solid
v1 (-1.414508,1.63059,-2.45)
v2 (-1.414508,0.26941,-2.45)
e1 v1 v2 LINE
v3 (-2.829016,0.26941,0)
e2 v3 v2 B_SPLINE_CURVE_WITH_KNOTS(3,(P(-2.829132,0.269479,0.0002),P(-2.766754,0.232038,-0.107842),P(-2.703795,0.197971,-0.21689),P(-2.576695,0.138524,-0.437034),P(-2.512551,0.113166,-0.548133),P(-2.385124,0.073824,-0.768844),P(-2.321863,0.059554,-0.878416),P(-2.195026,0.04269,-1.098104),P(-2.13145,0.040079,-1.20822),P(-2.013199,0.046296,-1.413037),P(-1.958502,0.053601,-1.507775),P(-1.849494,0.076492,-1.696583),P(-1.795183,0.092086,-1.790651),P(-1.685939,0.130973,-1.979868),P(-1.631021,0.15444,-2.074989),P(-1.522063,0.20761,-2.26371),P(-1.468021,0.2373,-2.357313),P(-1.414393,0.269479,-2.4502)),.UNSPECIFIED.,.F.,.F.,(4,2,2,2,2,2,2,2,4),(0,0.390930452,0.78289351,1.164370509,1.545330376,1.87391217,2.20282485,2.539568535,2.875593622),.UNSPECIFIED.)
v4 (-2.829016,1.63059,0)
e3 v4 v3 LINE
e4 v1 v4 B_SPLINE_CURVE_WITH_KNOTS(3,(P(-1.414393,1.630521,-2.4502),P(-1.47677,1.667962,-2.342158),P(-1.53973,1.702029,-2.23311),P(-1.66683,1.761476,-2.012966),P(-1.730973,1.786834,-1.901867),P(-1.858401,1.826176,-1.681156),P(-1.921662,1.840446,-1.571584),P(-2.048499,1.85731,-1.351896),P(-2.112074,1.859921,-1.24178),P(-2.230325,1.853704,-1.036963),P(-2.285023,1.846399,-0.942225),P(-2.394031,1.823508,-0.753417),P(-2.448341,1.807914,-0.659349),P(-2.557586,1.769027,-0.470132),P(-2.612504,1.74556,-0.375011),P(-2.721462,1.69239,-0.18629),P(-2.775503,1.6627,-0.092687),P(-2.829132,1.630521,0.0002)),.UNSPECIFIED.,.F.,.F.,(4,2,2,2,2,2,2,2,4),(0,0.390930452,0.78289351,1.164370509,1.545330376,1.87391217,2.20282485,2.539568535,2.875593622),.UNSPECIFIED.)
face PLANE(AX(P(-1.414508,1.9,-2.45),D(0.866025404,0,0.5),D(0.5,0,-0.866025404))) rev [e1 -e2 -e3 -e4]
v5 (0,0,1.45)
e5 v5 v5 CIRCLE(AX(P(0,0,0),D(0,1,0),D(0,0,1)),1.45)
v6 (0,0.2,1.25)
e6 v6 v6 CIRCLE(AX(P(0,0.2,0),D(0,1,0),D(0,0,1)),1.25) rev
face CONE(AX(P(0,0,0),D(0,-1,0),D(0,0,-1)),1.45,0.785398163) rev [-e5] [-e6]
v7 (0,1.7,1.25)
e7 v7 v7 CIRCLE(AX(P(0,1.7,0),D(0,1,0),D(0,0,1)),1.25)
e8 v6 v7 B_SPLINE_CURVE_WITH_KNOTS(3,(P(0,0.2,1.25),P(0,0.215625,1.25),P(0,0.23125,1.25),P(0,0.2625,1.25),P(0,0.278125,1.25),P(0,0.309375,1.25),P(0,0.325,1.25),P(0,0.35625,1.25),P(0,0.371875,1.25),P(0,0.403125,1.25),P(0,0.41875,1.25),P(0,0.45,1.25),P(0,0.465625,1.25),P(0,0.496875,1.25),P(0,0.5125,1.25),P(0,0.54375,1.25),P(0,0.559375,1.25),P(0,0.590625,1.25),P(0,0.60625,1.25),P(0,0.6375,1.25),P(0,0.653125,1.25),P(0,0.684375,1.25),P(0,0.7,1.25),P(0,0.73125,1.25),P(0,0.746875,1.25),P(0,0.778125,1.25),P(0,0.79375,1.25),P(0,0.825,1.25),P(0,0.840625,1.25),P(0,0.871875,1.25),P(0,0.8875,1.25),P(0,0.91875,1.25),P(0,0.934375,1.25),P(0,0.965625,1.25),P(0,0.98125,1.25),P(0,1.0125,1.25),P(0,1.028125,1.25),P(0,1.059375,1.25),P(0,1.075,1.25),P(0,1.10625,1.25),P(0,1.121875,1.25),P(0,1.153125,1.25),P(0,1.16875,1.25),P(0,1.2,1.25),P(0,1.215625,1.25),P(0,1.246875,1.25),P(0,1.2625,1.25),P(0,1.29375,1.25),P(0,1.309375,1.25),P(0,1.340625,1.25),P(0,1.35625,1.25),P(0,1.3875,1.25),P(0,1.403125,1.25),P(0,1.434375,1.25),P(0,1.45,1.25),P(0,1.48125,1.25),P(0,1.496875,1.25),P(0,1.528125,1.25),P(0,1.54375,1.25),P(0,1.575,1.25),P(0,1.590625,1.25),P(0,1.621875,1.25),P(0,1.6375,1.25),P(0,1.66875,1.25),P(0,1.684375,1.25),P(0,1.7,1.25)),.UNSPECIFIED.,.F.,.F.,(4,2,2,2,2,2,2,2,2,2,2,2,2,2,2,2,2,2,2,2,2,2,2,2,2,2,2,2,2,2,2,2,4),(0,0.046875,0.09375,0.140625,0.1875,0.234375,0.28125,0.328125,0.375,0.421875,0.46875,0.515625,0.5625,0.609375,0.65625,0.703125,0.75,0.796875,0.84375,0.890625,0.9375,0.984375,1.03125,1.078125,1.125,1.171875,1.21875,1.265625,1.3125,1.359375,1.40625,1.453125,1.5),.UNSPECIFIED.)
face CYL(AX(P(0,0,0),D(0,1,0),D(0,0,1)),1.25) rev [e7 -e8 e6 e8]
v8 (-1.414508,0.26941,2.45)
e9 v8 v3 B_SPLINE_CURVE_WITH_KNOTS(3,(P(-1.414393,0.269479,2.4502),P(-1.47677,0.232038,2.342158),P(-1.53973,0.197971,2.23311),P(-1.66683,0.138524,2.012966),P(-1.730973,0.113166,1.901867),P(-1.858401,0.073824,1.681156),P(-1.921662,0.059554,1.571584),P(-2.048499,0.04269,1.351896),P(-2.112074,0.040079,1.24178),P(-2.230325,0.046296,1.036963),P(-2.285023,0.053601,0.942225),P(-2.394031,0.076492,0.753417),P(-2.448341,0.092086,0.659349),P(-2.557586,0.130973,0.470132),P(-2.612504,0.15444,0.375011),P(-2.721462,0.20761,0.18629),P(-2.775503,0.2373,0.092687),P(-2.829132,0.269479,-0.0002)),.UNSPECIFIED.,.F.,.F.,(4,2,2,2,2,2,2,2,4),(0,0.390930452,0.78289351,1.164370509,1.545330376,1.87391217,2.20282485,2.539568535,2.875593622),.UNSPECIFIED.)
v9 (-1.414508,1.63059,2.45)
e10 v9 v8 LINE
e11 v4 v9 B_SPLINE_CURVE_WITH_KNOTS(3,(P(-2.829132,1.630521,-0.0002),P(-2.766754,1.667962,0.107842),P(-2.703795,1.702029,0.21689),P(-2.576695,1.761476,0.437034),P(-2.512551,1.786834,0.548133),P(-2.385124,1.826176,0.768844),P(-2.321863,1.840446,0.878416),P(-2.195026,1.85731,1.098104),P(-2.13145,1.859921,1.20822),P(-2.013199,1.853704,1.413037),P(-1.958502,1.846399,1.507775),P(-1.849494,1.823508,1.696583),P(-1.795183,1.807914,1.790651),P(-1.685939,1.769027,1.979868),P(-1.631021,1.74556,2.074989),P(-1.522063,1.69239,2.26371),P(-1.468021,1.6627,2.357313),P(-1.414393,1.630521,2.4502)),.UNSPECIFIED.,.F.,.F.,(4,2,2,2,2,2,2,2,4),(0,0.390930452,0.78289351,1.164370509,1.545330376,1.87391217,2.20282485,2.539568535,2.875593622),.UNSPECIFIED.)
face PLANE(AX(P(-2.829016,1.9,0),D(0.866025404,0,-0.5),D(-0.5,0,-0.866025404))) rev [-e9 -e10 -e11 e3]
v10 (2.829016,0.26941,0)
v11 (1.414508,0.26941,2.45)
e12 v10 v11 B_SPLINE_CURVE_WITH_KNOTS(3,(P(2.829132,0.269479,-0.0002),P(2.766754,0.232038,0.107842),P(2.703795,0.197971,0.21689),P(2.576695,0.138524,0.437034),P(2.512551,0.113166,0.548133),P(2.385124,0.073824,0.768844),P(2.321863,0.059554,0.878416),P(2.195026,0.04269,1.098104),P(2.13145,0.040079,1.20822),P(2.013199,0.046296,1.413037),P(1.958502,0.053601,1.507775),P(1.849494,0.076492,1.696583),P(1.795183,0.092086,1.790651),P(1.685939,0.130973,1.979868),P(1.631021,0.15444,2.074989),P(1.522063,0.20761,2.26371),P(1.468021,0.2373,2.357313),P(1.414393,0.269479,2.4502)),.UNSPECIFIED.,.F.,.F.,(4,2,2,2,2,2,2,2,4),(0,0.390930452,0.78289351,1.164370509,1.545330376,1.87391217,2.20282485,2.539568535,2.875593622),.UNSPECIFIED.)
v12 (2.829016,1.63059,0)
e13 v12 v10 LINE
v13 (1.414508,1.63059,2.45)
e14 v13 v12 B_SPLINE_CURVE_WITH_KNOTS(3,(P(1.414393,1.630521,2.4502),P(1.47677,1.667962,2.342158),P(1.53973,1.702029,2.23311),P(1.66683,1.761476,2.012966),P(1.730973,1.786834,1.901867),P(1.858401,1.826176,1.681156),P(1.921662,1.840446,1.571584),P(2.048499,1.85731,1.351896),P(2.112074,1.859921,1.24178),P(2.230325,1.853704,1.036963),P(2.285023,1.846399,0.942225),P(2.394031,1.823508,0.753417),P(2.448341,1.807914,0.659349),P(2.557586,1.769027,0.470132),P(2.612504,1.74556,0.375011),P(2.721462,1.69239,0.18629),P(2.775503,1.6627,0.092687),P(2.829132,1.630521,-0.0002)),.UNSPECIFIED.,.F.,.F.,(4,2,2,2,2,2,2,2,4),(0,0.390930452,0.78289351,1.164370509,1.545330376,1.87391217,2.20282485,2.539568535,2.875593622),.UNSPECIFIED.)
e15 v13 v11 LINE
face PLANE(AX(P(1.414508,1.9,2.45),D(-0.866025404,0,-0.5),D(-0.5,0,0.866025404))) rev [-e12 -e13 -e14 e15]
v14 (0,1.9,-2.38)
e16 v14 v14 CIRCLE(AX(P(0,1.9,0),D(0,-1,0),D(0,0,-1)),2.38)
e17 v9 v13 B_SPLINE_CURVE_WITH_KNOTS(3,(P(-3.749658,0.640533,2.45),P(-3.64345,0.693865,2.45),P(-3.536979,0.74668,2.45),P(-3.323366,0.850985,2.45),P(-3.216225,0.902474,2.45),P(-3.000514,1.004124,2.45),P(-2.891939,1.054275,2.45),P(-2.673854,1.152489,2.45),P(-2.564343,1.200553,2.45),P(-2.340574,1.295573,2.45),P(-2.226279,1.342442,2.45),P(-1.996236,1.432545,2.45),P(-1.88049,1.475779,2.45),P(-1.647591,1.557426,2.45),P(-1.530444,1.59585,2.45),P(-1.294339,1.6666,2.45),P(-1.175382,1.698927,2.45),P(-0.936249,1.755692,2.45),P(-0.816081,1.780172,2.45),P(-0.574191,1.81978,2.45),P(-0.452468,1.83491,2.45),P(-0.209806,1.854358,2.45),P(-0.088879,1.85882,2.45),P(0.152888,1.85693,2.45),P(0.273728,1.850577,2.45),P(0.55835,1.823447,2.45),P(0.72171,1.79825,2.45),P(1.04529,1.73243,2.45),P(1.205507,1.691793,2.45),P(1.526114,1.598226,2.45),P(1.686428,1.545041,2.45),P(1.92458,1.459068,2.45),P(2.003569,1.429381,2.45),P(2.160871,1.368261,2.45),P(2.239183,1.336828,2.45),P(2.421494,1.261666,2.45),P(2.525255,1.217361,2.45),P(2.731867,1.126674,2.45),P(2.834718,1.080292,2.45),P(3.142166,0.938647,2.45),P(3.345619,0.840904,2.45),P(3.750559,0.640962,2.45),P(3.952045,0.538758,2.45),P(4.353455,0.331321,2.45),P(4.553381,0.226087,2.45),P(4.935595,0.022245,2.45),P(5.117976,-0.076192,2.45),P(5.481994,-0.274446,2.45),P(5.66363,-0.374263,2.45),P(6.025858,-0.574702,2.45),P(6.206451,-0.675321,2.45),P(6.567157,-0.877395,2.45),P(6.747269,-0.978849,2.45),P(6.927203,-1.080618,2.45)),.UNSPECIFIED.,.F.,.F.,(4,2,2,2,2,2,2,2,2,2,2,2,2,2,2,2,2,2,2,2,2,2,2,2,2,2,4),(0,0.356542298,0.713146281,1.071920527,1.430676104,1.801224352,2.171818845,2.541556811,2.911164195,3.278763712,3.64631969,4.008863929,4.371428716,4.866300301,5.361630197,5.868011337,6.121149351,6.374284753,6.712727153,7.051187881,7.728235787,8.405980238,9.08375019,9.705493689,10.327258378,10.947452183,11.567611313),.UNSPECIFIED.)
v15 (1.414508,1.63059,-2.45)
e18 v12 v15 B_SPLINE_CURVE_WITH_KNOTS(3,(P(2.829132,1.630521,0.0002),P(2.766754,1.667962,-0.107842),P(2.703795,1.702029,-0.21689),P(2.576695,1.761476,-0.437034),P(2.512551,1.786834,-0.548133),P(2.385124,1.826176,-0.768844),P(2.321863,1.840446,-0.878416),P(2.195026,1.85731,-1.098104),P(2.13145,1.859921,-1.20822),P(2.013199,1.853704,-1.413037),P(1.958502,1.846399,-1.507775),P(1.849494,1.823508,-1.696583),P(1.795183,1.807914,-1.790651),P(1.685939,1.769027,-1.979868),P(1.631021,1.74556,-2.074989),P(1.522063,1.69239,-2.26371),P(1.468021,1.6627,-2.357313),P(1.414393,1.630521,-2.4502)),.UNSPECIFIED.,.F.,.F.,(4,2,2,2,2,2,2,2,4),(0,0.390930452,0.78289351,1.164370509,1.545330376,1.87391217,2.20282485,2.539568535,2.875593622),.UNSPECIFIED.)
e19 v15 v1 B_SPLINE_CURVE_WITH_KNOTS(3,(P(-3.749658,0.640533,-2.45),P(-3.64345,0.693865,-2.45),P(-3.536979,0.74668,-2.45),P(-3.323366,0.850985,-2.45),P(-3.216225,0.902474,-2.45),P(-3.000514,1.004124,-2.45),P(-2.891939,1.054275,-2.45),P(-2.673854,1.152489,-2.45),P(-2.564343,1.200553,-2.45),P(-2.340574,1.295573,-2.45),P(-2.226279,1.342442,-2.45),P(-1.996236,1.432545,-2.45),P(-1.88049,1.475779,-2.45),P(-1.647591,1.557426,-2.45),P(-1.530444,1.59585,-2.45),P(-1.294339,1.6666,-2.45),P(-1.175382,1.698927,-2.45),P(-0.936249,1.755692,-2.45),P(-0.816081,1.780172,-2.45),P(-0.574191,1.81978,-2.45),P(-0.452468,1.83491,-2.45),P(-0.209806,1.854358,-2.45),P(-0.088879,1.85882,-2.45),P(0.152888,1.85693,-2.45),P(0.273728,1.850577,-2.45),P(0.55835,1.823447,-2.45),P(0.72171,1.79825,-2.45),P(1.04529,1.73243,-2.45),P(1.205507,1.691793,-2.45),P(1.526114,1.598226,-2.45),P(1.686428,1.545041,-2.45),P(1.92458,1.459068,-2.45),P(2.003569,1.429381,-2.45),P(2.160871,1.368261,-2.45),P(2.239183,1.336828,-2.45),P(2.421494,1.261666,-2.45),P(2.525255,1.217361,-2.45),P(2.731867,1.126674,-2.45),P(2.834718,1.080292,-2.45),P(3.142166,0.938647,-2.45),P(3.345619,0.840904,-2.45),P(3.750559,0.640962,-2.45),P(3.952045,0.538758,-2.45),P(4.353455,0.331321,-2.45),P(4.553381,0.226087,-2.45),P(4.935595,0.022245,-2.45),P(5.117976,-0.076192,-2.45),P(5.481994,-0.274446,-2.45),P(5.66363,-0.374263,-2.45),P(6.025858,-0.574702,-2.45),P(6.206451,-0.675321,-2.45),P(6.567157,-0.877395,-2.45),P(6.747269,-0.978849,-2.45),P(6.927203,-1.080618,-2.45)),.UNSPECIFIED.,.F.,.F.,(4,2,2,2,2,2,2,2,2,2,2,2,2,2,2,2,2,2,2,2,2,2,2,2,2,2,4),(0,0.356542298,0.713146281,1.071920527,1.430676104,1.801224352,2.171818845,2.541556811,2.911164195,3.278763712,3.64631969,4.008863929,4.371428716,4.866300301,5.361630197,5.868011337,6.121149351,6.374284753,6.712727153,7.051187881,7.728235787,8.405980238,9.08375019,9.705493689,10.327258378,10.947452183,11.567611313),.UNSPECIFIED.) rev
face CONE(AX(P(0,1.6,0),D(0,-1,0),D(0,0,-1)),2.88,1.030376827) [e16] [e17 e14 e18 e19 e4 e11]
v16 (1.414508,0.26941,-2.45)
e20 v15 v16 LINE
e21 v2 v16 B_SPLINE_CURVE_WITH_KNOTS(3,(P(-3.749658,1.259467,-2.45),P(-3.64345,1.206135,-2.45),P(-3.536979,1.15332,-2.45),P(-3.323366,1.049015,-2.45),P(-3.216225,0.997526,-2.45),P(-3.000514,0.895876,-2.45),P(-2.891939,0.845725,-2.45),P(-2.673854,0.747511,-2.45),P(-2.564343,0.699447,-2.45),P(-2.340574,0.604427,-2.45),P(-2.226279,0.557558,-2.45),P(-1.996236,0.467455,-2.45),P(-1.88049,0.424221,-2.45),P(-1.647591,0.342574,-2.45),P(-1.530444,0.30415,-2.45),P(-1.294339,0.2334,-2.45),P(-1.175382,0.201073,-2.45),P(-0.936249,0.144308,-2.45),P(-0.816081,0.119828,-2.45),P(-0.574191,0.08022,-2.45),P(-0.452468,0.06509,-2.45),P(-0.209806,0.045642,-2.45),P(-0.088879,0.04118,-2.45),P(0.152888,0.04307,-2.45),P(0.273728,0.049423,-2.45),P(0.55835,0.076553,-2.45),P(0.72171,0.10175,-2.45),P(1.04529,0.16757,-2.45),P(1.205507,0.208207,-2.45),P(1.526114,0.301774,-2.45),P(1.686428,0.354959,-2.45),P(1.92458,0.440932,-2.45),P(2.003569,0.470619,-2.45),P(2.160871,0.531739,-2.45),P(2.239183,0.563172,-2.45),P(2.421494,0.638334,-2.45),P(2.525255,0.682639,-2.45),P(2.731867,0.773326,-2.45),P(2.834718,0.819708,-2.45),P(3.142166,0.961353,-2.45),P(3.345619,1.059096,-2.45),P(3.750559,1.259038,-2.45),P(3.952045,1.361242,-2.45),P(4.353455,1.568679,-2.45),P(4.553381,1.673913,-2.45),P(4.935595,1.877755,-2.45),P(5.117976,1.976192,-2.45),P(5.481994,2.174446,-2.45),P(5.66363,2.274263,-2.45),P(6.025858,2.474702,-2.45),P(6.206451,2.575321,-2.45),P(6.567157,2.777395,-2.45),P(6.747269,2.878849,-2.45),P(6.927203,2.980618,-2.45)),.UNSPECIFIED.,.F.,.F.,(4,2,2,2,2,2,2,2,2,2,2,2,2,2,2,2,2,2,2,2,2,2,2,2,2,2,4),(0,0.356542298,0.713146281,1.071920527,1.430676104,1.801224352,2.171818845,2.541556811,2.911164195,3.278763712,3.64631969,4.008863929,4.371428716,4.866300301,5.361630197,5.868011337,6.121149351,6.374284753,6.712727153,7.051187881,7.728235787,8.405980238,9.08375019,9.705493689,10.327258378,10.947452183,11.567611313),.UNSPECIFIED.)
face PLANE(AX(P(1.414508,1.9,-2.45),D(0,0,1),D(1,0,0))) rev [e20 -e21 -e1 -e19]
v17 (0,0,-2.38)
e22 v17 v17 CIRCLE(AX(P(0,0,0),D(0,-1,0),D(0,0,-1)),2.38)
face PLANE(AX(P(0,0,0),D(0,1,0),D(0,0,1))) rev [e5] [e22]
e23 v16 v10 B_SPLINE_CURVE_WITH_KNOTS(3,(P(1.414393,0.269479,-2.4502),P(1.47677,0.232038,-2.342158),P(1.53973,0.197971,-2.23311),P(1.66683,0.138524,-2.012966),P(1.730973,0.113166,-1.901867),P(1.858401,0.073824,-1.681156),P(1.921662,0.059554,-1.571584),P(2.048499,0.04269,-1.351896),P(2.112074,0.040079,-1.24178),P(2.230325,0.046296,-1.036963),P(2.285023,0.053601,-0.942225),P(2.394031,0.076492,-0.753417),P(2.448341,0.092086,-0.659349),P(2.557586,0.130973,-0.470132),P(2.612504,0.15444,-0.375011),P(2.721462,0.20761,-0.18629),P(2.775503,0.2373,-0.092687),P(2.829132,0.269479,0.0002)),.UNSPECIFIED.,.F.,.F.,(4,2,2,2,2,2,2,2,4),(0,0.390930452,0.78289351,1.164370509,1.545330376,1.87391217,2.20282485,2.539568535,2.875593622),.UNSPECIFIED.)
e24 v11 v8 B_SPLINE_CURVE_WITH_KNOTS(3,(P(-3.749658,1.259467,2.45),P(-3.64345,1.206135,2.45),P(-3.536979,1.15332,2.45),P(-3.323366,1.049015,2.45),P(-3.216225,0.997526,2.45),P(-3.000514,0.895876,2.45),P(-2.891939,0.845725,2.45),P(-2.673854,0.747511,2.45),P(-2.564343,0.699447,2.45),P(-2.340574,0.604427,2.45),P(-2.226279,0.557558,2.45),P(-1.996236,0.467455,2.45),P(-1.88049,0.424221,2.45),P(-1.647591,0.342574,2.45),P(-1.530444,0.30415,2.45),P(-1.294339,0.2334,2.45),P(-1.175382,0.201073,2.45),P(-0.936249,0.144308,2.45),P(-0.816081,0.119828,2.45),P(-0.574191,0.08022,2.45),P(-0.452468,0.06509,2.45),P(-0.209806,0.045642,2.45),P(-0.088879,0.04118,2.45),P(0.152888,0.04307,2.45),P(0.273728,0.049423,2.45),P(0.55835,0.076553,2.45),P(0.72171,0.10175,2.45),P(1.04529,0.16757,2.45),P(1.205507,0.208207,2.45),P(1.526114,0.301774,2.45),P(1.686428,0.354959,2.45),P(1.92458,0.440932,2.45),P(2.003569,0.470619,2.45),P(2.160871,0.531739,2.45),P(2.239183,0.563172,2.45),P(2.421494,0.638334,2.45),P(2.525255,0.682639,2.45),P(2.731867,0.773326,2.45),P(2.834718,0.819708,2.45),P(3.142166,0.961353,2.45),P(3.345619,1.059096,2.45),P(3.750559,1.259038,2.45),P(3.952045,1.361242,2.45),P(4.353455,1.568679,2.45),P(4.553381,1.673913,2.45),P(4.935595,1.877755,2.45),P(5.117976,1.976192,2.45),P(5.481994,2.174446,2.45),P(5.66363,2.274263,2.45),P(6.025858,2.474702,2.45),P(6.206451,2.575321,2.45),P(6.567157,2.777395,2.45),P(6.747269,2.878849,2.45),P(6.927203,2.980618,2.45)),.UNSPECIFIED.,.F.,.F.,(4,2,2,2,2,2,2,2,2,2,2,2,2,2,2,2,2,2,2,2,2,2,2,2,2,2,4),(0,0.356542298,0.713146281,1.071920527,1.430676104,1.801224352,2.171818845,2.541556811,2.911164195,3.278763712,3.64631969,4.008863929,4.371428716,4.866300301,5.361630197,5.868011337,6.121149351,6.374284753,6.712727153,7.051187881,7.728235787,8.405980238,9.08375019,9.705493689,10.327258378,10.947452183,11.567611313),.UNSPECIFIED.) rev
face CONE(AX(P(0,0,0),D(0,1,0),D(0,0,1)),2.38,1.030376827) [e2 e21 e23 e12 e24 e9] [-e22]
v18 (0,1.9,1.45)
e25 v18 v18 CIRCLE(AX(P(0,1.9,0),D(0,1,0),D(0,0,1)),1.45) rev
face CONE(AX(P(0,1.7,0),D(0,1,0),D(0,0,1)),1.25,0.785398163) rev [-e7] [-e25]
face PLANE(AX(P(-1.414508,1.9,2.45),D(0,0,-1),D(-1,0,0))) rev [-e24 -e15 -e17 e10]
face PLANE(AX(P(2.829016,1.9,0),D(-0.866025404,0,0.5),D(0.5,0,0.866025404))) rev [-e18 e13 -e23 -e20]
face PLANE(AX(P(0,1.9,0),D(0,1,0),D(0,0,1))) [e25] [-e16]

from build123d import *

# Parameters (mm, degrees)
BOSS_EXTRUDE1_DEPTH = 1.9
SKETCH2_R           = 1.25
CUT_EXTRUDE1_DEPTH  = 5.19712203
CHAMFER1_SIZE       = 0.2


with BuildPart() as part:
    # Sketch1 → Boss-Extrude1 (new body)
    with BuildSketch(Plane(origin=(0, 0, 0), x_dir=(1, 0, 0), z_dir=(0, 1, 0))):
        Polygon((1.41450816, 2.45), (-1.41450816, 2.45), (-2.829016319, 0), (-1.41450816, -2.45), (1.41450816, -2.45), (2.829016319, 0), align=None)
    extrude(amount=BOSS_EXTRUDE1_DEPTH)

    # Sketch2 → Cut-Extrude1 (cut, through all)
    with BuildSketch(Plane(origin=(0, 1.9, 0), x_dir=(1, 0, 0), z_dir=(0, 1, 0))):
        with Locations(Location((0, 0, 0), (0, 0, 270))):
            Circle(SKETCH2_R)
    extrude(amount=-CUT_EXTRUDE1_DEPTH, mode=Mode.SUBTRACT)

    # Chamfer1
    chamfer1_edges = [part.edges().sort_by_distance(p)[0] for p in [
        (0, 0, -1.25),
        (0, 1.9, -1.25),
    ]]
    chamfer(chamfer1_edges, length=CHAMFER1_SIZE)

    # Sketch3 → Cut-Revolve1 (revolve, cut)
    with BuildSketch(Plane(origin=(0, 0, 0), x_dir=(0, 0, -1), z_dir=(1, 0, 0)), mode=Mode.PRIVATE) as cut_revolve1_sk:
        Polygon((-2.88, 1.9), (-2.38, 1.9), (-2.88, 1.6), align=None)
        Polygon((-2.88, 0.3), (-2.88, 0), (-2.38, 0), align=None)
    revolve(cut_revolve1_sk.sketch.rotate(Axis((0, 0, 0), (0, 1, 0)), 180), axis=Axis((0, 0, 0), (0, 1, 0)), mode=Mode.SUBTRACT)


solid = part.part
